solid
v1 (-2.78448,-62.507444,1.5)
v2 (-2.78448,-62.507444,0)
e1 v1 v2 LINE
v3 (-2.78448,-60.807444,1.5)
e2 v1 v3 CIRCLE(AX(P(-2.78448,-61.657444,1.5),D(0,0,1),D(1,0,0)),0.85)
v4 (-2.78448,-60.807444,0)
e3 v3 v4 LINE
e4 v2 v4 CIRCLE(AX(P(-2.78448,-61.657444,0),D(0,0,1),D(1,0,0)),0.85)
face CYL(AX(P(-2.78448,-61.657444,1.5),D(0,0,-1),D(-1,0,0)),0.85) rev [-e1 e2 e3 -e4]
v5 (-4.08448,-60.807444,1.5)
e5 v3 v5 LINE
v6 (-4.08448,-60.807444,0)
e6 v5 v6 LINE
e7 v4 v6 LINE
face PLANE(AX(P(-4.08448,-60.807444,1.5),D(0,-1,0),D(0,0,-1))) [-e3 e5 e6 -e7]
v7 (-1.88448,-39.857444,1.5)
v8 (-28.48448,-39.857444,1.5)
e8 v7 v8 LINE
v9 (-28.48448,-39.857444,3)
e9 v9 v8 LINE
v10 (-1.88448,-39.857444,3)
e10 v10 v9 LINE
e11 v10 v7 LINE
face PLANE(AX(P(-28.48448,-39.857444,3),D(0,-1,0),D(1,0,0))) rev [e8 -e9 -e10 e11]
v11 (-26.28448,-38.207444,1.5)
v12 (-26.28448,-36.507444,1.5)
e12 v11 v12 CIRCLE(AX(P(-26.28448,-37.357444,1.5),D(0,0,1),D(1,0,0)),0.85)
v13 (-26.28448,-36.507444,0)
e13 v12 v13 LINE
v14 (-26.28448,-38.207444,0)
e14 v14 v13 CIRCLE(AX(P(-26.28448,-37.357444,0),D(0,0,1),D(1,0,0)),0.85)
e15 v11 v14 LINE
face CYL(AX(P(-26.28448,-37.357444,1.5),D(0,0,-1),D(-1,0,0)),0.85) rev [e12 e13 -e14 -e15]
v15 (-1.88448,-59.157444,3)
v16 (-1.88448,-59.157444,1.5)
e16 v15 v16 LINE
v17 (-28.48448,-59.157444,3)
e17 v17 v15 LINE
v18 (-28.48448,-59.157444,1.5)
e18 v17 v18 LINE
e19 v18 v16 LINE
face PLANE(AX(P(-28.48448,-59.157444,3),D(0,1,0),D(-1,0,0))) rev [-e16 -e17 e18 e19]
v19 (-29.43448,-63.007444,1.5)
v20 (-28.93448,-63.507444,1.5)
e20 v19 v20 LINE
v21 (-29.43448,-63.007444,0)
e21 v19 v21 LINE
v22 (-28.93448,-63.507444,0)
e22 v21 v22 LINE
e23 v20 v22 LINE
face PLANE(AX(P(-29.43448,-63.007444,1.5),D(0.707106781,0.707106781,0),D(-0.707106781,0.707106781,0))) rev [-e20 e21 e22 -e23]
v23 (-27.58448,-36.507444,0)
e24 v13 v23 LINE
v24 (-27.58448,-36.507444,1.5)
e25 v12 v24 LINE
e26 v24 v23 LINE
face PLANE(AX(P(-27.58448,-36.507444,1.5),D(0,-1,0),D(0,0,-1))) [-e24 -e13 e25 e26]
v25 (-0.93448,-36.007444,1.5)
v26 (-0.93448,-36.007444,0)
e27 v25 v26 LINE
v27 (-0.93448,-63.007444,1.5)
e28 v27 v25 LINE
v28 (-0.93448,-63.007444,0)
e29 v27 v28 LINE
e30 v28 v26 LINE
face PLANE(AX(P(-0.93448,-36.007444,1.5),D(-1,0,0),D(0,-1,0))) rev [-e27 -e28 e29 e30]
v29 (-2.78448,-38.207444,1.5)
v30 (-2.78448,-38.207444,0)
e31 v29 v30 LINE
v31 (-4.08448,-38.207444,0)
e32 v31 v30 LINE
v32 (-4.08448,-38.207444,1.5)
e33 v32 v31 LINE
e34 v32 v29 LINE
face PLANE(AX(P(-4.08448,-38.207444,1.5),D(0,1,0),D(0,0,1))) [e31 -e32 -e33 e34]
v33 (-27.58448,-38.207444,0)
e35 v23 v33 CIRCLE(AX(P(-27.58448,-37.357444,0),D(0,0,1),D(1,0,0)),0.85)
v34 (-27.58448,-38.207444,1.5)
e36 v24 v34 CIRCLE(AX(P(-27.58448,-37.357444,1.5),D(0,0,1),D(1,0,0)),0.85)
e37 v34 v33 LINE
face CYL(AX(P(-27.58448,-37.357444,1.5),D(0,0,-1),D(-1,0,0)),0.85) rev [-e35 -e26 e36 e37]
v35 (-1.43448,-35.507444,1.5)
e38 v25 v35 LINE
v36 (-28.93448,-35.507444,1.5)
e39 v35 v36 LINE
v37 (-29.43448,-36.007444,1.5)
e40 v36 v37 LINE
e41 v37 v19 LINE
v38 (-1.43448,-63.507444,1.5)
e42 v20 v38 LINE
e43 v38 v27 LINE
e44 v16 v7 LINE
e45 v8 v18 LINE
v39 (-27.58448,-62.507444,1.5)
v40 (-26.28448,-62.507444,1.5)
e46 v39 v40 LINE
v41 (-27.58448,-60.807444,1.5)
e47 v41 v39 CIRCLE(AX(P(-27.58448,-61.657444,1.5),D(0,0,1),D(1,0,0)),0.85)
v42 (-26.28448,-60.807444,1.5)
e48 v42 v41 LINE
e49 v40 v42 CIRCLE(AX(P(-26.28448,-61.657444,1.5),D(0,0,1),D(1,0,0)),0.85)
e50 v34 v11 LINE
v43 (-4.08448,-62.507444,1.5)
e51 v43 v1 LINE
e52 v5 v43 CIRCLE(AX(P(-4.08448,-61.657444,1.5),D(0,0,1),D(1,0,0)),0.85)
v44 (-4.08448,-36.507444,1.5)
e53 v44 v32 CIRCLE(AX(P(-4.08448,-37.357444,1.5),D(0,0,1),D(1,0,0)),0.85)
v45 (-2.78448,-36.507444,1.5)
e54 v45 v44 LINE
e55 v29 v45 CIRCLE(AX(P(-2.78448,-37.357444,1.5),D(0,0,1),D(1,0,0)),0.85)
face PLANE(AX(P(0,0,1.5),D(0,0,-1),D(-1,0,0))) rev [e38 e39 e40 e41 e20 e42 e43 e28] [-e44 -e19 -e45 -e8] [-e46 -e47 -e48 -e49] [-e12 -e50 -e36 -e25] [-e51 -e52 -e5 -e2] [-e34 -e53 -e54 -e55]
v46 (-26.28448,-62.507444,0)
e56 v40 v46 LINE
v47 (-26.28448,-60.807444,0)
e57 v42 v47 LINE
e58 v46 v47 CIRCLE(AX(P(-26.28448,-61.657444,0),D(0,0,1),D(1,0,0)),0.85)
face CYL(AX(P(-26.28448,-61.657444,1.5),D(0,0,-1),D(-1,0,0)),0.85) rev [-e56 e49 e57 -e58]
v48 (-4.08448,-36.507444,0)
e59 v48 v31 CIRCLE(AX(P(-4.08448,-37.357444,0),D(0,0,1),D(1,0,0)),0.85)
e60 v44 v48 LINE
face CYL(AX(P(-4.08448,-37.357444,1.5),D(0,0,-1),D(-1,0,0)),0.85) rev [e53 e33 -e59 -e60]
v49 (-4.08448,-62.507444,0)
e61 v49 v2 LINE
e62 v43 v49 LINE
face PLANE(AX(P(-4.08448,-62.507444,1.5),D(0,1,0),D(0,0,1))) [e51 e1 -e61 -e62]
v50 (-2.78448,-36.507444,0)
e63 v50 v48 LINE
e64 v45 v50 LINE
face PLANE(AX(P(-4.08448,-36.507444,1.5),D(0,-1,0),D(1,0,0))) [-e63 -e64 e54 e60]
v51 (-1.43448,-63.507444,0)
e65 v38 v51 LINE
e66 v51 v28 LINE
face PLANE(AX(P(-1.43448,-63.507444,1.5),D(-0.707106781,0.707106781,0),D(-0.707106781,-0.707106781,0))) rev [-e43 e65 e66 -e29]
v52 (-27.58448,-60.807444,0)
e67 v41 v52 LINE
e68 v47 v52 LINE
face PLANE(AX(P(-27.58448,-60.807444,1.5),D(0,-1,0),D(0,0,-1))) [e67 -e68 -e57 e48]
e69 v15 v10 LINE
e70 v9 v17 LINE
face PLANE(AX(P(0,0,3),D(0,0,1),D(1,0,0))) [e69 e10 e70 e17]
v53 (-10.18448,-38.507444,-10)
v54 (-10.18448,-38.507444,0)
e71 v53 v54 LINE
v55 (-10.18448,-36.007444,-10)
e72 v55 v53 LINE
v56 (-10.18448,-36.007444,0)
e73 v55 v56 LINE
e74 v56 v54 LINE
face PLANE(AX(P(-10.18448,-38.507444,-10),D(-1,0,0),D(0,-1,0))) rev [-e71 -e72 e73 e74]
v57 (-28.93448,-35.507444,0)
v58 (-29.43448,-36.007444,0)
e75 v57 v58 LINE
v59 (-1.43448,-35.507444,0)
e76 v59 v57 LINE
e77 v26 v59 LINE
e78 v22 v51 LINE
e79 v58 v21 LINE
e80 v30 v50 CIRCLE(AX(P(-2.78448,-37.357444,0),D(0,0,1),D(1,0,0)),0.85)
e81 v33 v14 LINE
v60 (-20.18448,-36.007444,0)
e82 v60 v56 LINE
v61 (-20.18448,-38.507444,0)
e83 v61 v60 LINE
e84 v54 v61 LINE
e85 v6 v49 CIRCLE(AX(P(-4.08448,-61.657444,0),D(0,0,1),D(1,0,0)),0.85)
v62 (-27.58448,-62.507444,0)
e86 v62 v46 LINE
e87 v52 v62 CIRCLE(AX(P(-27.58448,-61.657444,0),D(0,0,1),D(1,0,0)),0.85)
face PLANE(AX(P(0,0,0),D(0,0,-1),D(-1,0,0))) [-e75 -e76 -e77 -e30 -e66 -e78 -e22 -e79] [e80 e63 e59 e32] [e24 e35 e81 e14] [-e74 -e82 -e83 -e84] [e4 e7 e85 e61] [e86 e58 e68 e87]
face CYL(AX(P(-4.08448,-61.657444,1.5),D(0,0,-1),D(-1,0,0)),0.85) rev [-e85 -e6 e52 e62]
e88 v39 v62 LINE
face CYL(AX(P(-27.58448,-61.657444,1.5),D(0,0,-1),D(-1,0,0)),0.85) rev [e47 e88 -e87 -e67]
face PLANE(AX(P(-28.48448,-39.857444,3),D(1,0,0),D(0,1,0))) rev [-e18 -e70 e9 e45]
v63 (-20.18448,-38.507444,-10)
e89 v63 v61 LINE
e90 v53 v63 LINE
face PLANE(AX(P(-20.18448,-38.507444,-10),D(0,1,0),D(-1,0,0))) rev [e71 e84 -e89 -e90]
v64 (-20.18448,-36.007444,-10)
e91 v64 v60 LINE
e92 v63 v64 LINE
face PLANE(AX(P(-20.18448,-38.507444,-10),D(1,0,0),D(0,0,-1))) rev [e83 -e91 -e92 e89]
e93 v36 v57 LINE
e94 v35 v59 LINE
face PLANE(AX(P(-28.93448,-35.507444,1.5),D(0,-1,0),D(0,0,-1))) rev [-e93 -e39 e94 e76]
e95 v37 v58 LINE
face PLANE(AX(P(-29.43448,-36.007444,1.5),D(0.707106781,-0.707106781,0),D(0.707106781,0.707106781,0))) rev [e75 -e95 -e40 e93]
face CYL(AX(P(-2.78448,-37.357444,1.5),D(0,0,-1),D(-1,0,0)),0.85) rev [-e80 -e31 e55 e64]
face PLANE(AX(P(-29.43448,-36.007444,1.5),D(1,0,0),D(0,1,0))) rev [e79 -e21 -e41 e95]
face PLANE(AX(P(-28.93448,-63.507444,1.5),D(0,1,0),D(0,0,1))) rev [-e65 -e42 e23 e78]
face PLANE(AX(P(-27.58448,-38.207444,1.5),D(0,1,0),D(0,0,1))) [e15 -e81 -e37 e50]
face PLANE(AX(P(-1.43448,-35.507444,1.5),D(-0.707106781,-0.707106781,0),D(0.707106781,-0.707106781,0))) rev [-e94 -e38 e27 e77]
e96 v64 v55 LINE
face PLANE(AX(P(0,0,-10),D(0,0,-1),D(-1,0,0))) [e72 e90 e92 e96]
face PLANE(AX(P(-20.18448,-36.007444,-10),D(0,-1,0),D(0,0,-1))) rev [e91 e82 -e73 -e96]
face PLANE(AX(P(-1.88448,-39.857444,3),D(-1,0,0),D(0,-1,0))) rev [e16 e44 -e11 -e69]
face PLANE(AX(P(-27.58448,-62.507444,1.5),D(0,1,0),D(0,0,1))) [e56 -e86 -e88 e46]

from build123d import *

# Parameters (mm, degrees)
EXTRUDE_1_DEPTH = 1.5
SKETCH_2_W      = 26.6
SKETCH_2_H      = 19.3
EXTRUDE_2_DEPTH = 1.5
SKETCH_3_W      = 10
SKETCH_3_H      = 2.5
EXTRUDE_3_DEPTH = 10


with BuildPart() as part:
    # 草圖1 → 填料-伸長1 (new body)
    with BuildSketch(Plane.XY):
        Polygon((-28.934480155, -35.507444045), (-1.434480155, -35.507444045), (-0.934480155, -36.007444045), (-0.934480155, -63.007444045), (-1.434480155, -63.507444045), (-28.934480155, -63.507444045), (-29.434480155, -63.007444045), (-29.434480155, -36.007444045), align=None)
        with BuildLine():
            Line((-4.084480155, -36.507444045), (-2.784480155, -36.507444045))
            ThreePointArc((-2.784480155, -36.507444045), (-1.934480155, -37.357444045), (-2.784480155, -38.207444045))
            Line((-2.784480155, -38.207444045), (-4.084480155, -38.207444045))
            ThreePointArc((-4.084480155, -38.207444045), (-4.934480155, -37.357444045), (-4.084480155, -36.507444045))
        make_face(mode=Mode.SUBTRACT)
        with BuildLine():
            Line((-27.584480155, -36.507444045), (-26.284480155, -36.507444045))
            ThreePointArc((-26.284480155, -36.507444045), (-25.434480155, -37.357444045), (-26.284480155, -38.207444045))
            Line((-26.284480155, -38.207444045), (-27.584480155, -38.207444045))
            ThreePointArc((-27.584480155, -38.207444045), (-28.434480155, -37.357444045), (-27.584480155, -36.507444045))
        make_face(mode=Mode.SUBTRACT)
        with BuildLine():
            Line((-27.584480155, -60.807444045), (-26.284480155, -60.807444045))
            ThreePointArc((-26.284480155, -60.807444045), (-25.434480155, -61.657444045), (-26.284480155, -62.507444045))
            Line((-26.284480155, -62.507444045), (-27.584480155, -62.507444045))
            ThreePointArc((-27.584480155, -62.507444045), (-28.434480155, -61.657444045), (-27.584480155, -60.807444045))
        make_face(mode=Mode.SUBTRACT)
        with BuildLine():
            Line((-4.084480155, -60.807444045), (-2.784480155, -60.807444045))
            ThreePointArc((-2.784480155, -60.807444045), (-1.934480155, -61.657444045), (-2.784480155, -62.507444045))
            Line((-2.784480155, -62.507444045), (-4.084480155, -62.507444045))
            ThreePointArc((-4.084480155, -62.507444045), (-4.934480155, -61.657444045), (-4.084480155, -60.807444045))
        make_face(mode=Mode.SUBTRACT)
    extrude(amount=EXTRUDE_1_DEPTH)

    # 草圖2 → 填料-伸長2 (add)
    with BuildSketch(Plane.XY.offset(1.5)):
        with Locations((-15.184480155, -49.507444045)):
            Rectangle(SKETCH_2_W, SKETCH_2_H)
    extrude(amount=EXTRUDE_2_DEPTH)

    # 草圖3 → 填料-伸長3 (add)
    with BuildSketch(Plane(origin=(0, 0, 0), x_dir=(-1, 0, 0), z_dir=(0, 0, -1))):
        with Locations((15.184480155, -37.257444045)):
            Rectangle(SKETCH_3_W, SKETCH_3_H)
    extrude(amount=EXTRUDE_3_DEPTH)


solid = part.part
